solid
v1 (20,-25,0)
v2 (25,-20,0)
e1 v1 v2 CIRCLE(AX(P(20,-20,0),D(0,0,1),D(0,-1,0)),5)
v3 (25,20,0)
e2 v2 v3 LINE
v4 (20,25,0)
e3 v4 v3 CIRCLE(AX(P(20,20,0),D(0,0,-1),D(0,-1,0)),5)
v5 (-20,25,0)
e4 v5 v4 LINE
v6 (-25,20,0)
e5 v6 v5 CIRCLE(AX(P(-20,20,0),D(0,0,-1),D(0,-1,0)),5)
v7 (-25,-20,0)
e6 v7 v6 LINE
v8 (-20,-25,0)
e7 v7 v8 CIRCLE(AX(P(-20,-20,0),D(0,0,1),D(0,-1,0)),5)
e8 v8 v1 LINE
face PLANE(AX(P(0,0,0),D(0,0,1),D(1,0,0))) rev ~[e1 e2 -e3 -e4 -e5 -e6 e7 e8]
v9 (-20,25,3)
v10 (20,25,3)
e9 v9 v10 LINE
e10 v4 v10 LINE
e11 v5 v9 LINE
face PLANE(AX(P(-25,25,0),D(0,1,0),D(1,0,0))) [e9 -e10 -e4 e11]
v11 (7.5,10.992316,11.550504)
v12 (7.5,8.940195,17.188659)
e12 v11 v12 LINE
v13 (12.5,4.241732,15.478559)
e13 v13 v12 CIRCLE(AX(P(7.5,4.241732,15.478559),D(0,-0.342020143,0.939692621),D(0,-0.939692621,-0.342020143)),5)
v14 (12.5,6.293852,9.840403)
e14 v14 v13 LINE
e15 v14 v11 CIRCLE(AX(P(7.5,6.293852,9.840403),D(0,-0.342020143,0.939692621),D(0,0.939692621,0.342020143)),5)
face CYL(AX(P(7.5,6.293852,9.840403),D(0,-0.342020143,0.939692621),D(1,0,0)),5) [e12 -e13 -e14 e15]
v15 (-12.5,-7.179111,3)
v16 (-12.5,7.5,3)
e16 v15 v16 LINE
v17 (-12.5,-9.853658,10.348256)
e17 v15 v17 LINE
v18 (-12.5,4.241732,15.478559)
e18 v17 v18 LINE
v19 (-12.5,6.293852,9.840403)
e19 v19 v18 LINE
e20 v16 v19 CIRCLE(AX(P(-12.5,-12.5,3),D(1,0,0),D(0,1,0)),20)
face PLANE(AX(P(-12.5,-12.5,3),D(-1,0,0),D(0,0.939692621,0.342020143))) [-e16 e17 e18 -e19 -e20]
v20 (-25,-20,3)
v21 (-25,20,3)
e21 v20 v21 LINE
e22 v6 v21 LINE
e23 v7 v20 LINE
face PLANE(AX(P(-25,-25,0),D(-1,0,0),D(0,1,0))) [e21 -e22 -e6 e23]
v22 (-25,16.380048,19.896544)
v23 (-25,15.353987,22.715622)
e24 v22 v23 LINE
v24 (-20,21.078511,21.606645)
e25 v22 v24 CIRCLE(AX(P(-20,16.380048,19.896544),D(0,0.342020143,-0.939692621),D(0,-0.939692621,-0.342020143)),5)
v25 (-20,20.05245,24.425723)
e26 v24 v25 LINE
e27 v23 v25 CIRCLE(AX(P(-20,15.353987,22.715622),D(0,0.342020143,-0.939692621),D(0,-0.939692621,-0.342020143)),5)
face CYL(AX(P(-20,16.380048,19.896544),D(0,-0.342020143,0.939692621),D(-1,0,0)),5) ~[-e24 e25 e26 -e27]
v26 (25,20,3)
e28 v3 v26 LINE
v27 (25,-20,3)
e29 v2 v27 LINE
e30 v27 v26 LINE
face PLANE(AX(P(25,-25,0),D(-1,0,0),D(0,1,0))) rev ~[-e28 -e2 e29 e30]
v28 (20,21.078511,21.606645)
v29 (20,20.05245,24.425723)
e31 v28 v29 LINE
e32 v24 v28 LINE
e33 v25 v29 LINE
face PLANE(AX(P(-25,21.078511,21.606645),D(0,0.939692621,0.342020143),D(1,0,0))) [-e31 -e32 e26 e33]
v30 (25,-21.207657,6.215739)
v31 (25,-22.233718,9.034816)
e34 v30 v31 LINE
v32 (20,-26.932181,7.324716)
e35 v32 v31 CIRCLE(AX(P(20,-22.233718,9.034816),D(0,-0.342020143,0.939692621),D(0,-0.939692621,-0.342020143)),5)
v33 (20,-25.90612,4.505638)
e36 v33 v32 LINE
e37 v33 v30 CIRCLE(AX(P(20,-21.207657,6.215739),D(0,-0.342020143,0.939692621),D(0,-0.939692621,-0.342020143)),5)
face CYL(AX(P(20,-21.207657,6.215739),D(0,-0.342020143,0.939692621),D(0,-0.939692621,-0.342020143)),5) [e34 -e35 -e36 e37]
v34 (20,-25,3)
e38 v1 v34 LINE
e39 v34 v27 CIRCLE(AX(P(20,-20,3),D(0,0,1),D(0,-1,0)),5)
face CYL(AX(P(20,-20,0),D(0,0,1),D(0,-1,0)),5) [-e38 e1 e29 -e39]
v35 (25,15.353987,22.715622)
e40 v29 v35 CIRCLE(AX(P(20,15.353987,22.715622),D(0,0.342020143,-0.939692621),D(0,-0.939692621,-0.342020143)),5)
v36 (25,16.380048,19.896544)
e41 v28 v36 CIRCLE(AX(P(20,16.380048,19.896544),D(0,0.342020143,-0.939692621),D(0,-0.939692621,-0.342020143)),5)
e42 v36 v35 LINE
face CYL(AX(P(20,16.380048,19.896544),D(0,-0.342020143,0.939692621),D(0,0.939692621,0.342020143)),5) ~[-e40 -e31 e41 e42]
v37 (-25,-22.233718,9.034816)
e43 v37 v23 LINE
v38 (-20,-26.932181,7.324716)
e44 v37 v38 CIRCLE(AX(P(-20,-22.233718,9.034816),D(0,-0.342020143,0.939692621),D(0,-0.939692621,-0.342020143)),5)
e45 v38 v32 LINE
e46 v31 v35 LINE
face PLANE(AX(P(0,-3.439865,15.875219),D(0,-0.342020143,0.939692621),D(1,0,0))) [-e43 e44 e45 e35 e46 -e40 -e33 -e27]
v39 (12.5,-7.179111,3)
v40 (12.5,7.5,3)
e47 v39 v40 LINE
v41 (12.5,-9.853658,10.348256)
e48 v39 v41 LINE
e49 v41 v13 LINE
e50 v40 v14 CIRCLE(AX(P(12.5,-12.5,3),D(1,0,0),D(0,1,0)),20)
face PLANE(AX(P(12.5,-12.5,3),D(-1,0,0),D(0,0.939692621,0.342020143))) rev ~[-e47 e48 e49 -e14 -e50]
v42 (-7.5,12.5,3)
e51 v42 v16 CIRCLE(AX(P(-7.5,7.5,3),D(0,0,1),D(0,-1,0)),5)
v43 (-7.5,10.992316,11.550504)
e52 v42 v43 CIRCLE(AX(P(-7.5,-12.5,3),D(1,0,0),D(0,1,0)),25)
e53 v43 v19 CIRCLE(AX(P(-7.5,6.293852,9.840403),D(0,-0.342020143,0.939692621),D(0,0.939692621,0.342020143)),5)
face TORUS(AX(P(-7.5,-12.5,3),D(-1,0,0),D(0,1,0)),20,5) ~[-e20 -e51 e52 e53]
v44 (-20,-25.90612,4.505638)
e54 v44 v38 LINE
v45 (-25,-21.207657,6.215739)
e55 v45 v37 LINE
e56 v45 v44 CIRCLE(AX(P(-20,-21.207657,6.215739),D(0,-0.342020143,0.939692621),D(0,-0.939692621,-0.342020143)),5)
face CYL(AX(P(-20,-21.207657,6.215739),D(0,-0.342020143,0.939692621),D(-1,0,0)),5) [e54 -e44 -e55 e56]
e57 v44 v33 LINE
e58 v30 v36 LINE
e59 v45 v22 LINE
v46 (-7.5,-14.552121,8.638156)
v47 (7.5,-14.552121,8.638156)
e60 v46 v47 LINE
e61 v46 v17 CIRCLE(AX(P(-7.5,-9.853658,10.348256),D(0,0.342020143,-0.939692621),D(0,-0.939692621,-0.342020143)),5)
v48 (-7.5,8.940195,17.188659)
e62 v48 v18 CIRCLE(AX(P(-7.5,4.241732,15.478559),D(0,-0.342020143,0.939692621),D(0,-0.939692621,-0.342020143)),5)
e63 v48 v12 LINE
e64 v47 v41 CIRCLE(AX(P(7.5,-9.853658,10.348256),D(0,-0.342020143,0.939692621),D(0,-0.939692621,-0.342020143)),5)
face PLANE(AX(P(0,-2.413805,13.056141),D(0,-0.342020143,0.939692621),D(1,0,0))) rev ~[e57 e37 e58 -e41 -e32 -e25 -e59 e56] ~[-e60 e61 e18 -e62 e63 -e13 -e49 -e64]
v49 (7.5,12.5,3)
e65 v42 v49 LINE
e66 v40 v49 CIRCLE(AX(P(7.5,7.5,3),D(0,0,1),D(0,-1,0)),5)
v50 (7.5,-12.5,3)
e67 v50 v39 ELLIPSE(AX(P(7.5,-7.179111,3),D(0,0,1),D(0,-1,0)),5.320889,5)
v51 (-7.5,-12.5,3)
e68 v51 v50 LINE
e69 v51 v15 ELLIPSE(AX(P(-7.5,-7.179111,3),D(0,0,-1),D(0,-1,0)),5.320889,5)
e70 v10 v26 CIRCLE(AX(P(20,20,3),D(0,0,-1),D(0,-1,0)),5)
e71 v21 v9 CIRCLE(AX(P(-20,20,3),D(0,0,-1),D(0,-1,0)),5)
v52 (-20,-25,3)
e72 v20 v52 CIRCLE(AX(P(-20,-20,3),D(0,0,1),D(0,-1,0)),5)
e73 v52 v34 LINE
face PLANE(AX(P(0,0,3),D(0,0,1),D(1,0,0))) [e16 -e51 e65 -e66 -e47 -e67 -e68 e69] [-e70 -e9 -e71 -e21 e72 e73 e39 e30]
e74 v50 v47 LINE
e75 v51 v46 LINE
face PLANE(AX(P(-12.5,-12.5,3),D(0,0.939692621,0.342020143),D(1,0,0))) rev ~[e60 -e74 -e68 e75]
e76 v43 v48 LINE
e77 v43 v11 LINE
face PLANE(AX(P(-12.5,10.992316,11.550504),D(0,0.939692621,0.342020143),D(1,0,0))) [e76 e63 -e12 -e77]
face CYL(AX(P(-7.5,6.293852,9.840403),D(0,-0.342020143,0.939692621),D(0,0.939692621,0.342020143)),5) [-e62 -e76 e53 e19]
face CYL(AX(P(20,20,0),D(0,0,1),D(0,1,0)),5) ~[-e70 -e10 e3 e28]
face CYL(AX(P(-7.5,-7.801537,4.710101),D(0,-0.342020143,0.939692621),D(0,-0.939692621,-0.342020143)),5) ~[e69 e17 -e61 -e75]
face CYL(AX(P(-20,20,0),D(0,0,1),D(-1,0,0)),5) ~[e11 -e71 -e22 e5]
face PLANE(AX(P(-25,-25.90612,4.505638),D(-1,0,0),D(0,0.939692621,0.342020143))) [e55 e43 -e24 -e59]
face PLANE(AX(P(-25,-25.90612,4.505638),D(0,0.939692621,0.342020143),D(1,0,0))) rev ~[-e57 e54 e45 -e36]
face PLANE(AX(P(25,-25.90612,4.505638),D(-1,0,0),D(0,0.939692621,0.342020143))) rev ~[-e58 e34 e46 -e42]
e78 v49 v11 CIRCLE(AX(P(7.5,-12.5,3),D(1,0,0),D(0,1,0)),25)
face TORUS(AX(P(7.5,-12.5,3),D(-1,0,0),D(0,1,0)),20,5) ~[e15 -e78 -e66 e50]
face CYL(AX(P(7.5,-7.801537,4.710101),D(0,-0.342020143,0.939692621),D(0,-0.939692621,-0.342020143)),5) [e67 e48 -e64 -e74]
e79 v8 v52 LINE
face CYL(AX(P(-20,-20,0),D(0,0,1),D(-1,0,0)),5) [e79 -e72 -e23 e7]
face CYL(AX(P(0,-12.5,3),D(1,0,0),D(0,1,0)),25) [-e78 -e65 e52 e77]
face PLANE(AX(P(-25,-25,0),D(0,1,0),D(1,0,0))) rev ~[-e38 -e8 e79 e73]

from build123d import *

# Parameters (mm, degrees)
F0_W     = 50
F0_H     = 50
F1_DEPTH = 3
F2_W     = 25
F2_H     = 25
F3_ANGLE = 20
F4_DEPTH = 6
F5_W     = 50
F5_H     = 50
F6_DEPTH = 3
F7_R     = 5
F8_R     = 5


with BuildPart() as f1:
    # F0 (on Top) → F1 (new body)
    with BuildSketch(Plane.XY):
        Rectangle(F0_W, F0_H)
    extrude(amount=F1_DEPTH)

    # F2 (on face) → F3 (revolve)
    with BuildSketch(Plane.XY.offset(3)):
        Rectangle(F2_W, F2_H)
    revolve(axis=Axis((0, -12.5, 3), (1, 0, 0)), revolution_arc=F3_ANGLE)

    # F4 (add): a face of the model
    f4_faces = [f1.faces().sort_by_distance(p)[0] for p in [
        (0, -0.7538422402, 7.2752517916),
    ]]
    extrude(f4_faces, amount=F4_DEPTH)

    # F5 (on face) → F6 (join)
    with BuildSketch(Plane(origin=(0, -4.478524505, 12.3046449499), x_dir=(1, 0, 0), z_dir=(0, -0.3420201433, 0.9396926208))):
        with Locations((0, 2.1972288873)):
            Rectangle(F5_W, F5_H)
    extrude(amount=F6_DEPTH)

    # F7
    f7_edges = [f1.edges().sort_by_distance(p)[0] for p in [
        (25, 20.565481, 23.016184),
        (-25, 20.565481, 23.016184),
        (-25, -26.41915, 5.915177),
        (25, -26.41915, 5.915177),
        (25, -25, 1.5),
        (-25, -25, 1.5),
        (-25, 25, 1.5),
        (25, 25, 1.5),
    ]]
    fillet(f7_edges, radius=F7_R)

    # F8
    f8_edges = [f1.edges().sort_by_distance(p)[0] for p in [
        (12.5, 9.966255, 14.369581),
        (-12.5, 9.966255, 14.369581),
        (-12.5, -13.52606, 5.819078),
        (12.5, -13.52606, 5.819078),
    ]]
    fillet(f8_edges, radius=F8_R)


solid = f1.part
